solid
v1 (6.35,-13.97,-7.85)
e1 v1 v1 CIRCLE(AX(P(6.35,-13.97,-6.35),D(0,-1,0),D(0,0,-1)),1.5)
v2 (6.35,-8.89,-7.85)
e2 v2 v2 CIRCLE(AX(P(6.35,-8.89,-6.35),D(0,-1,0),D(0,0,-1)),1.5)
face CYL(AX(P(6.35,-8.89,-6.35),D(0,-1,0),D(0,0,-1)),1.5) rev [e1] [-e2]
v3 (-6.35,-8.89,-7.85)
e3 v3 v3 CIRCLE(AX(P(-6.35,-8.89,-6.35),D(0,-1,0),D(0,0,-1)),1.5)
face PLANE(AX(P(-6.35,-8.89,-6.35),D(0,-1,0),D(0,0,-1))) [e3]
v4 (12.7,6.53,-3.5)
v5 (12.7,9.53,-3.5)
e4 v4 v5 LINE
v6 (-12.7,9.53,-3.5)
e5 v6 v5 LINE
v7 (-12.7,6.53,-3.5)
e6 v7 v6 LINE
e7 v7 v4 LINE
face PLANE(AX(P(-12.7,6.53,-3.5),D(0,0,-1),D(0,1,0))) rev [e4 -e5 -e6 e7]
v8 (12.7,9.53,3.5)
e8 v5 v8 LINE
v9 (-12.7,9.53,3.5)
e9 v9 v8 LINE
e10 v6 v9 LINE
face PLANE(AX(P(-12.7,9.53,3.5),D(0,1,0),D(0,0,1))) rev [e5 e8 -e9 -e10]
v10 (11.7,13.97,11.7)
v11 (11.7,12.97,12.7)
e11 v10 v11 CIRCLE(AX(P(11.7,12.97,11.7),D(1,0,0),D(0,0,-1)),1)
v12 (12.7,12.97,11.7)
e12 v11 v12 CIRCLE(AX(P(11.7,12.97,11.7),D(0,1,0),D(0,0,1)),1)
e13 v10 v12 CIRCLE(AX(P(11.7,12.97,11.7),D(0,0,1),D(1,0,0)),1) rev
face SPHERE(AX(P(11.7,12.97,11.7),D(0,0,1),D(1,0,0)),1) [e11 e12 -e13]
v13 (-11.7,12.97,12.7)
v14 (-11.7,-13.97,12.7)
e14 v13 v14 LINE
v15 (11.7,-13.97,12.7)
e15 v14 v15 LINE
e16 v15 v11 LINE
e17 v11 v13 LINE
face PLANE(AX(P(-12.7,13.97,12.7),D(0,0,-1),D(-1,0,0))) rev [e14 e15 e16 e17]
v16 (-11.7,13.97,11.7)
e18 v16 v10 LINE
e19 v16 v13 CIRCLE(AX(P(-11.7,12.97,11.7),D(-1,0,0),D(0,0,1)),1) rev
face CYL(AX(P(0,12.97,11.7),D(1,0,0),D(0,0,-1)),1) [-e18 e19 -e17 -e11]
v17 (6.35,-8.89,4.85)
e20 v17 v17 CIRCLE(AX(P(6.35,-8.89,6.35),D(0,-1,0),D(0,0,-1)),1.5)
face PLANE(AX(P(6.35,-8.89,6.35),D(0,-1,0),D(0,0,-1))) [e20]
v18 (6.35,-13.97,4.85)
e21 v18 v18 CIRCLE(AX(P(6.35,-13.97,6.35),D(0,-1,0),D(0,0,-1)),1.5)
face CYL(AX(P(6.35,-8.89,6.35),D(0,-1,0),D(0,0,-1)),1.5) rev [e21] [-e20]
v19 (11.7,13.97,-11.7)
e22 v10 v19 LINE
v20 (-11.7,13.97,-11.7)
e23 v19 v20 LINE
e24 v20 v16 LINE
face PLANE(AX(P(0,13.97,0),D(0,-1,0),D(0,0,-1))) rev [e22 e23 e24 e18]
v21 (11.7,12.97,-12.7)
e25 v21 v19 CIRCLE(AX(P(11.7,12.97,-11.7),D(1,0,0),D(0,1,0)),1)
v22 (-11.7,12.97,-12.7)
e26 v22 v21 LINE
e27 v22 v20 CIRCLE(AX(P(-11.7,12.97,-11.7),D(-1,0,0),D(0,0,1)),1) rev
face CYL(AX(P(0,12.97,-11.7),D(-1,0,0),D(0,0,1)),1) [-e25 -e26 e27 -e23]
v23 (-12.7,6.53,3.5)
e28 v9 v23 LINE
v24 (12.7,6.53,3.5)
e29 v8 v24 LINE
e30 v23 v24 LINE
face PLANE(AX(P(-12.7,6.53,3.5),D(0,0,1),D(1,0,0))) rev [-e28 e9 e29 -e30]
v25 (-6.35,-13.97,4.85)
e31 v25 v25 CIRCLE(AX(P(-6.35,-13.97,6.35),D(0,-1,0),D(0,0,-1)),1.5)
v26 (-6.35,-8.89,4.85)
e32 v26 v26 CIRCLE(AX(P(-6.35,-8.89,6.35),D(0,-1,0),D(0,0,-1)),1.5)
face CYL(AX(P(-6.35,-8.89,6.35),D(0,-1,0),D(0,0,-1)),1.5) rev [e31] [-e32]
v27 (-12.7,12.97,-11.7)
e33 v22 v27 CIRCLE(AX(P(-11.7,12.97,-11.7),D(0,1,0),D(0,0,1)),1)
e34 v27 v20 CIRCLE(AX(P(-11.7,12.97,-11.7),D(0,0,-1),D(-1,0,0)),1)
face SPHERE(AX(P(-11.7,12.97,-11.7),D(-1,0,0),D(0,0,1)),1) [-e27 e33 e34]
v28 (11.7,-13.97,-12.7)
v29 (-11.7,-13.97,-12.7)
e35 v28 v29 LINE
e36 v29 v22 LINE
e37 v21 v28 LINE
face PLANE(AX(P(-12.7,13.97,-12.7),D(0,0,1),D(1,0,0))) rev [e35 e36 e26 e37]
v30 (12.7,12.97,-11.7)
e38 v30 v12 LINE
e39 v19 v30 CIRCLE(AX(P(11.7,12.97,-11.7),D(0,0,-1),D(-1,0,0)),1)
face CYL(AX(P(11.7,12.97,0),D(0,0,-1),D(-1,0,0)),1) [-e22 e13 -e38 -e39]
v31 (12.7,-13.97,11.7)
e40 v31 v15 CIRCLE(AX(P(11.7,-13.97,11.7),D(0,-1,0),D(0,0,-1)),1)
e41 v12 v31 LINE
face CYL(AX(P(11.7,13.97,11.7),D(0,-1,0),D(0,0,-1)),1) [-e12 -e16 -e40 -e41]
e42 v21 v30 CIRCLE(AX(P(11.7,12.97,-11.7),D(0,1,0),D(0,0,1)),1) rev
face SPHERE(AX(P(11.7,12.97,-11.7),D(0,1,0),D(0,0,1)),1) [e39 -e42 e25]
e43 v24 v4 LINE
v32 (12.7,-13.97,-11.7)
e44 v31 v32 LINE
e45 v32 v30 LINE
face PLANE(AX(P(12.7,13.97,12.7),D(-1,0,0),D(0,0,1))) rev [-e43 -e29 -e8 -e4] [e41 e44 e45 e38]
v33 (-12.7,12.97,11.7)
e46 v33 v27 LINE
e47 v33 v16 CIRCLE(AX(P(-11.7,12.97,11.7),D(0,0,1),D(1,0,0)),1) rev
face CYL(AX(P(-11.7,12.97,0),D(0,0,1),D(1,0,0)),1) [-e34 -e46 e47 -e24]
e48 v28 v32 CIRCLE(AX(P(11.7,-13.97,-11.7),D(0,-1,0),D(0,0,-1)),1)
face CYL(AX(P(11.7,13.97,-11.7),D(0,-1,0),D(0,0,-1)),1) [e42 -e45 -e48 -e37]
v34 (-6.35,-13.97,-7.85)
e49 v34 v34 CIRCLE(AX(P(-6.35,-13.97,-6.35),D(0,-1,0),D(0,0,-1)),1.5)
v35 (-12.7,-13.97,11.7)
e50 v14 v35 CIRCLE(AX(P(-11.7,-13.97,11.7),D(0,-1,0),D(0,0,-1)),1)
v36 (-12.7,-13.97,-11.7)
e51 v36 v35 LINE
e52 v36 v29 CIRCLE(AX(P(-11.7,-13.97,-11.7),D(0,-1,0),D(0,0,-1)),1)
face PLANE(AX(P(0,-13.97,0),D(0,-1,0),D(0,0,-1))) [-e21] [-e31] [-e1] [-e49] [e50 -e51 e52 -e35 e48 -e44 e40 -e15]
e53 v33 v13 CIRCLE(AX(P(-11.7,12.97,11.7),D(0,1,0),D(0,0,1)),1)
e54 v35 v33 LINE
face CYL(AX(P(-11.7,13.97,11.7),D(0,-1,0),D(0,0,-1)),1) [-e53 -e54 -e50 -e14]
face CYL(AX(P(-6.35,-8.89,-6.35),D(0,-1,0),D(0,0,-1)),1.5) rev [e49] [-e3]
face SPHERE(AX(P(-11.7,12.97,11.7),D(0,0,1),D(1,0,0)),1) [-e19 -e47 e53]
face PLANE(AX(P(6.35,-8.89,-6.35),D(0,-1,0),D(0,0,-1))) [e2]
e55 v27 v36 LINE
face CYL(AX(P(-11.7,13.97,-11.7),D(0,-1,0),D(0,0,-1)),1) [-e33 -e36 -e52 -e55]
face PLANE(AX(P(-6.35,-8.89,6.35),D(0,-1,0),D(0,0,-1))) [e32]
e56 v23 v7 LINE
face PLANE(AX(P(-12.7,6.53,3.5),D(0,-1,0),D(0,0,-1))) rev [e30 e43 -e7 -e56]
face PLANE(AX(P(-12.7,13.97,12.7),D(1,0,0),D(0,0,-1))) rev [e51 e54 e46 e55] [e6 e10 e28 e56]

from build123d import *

# Parameters (mm, degrees)
SKETCH1_W           = 25.4
SKETCH1_H           = 25.4
BOSS_EXTRUDE1_DEPTH = 13.97
SKETCH2_R           = 1.5
CUT_EXTRUDE1_DEPTH  = 5.08
SKETCH3_W           = 7
SKETCH3_H           = 3
CUT_EXTRUDE2_DEPTH  = 32.648236918
FILLET1_R           = 1


with BuildPart() as part:
    # Sketch1 → Boss-Extrude1 (new, symmetric)
    with BuildSketch(Plane(origin=(0, 0, 0), x_dir=(1, 0, 0), z_dir=(0, 1, 0))):
        Rectangle(SKETCH1_W, SKETCH1_H)
    extrude(amount=BOSS_EXTRUDE1_DEPTH, both=True)

    # Sketch2 → Cut-Extrude1 (cut)
    with BuildSketch(Plane.XZ.offset(13.97)):
        with Locations(Location((-6.35, 6.35, 0), (0, 0, 270))):
            Circle(SKETCH2_R)
        with Locations(Location((6.35, 6.35, 0), (0, 0, 270))):
            Circle(SKETCH2_R)
        with Locations(Location((6.35, -6.35, 0), (0, 0, 270))):
            Circle(SKETCH2_R)
        with Locations(Location((-6.35, -6.35, 0), (0, 0, 270))):
            Circle(SKETCH2_R)
    extrude(amount=-CUT_EXTRUDE1_DEPTH, mode=Mode.SUBTRACT)

    # Sketch3 → Cut-Extrude2 (cut, through all)
    with BuildSketch(Plane(origin=(12.7, 0, 0), x_dir=(0, 0, -1), z_dir=(1, 0, 0))):
        with Locations((0, 8.03)):
            Rectangle(SKETCH3_W, SKETCH3_H)
    extrude(amount=-CUT_EXTRUDE2_DEPTH, mode=Mode.SUBTRACT)

    # Fillet1
    fillet1_edges = [part.edges().sort_by_distance(p)[0] for p in [
        (-12.7, 13.97, 0),
        (0, 13.97, 12.7),
        (12.7, 13.97, 0),
        (12.7, 0, 12.7),
        (-12.7, 0, 12.7),
        (-12.7, 0, -12.7),
        (12.7, 0, -12.7),
        (0, 13.97, -12.7),
    ]]
    fillet(fillet1_edges, radius=FILLET1_R)


solid = part.part
